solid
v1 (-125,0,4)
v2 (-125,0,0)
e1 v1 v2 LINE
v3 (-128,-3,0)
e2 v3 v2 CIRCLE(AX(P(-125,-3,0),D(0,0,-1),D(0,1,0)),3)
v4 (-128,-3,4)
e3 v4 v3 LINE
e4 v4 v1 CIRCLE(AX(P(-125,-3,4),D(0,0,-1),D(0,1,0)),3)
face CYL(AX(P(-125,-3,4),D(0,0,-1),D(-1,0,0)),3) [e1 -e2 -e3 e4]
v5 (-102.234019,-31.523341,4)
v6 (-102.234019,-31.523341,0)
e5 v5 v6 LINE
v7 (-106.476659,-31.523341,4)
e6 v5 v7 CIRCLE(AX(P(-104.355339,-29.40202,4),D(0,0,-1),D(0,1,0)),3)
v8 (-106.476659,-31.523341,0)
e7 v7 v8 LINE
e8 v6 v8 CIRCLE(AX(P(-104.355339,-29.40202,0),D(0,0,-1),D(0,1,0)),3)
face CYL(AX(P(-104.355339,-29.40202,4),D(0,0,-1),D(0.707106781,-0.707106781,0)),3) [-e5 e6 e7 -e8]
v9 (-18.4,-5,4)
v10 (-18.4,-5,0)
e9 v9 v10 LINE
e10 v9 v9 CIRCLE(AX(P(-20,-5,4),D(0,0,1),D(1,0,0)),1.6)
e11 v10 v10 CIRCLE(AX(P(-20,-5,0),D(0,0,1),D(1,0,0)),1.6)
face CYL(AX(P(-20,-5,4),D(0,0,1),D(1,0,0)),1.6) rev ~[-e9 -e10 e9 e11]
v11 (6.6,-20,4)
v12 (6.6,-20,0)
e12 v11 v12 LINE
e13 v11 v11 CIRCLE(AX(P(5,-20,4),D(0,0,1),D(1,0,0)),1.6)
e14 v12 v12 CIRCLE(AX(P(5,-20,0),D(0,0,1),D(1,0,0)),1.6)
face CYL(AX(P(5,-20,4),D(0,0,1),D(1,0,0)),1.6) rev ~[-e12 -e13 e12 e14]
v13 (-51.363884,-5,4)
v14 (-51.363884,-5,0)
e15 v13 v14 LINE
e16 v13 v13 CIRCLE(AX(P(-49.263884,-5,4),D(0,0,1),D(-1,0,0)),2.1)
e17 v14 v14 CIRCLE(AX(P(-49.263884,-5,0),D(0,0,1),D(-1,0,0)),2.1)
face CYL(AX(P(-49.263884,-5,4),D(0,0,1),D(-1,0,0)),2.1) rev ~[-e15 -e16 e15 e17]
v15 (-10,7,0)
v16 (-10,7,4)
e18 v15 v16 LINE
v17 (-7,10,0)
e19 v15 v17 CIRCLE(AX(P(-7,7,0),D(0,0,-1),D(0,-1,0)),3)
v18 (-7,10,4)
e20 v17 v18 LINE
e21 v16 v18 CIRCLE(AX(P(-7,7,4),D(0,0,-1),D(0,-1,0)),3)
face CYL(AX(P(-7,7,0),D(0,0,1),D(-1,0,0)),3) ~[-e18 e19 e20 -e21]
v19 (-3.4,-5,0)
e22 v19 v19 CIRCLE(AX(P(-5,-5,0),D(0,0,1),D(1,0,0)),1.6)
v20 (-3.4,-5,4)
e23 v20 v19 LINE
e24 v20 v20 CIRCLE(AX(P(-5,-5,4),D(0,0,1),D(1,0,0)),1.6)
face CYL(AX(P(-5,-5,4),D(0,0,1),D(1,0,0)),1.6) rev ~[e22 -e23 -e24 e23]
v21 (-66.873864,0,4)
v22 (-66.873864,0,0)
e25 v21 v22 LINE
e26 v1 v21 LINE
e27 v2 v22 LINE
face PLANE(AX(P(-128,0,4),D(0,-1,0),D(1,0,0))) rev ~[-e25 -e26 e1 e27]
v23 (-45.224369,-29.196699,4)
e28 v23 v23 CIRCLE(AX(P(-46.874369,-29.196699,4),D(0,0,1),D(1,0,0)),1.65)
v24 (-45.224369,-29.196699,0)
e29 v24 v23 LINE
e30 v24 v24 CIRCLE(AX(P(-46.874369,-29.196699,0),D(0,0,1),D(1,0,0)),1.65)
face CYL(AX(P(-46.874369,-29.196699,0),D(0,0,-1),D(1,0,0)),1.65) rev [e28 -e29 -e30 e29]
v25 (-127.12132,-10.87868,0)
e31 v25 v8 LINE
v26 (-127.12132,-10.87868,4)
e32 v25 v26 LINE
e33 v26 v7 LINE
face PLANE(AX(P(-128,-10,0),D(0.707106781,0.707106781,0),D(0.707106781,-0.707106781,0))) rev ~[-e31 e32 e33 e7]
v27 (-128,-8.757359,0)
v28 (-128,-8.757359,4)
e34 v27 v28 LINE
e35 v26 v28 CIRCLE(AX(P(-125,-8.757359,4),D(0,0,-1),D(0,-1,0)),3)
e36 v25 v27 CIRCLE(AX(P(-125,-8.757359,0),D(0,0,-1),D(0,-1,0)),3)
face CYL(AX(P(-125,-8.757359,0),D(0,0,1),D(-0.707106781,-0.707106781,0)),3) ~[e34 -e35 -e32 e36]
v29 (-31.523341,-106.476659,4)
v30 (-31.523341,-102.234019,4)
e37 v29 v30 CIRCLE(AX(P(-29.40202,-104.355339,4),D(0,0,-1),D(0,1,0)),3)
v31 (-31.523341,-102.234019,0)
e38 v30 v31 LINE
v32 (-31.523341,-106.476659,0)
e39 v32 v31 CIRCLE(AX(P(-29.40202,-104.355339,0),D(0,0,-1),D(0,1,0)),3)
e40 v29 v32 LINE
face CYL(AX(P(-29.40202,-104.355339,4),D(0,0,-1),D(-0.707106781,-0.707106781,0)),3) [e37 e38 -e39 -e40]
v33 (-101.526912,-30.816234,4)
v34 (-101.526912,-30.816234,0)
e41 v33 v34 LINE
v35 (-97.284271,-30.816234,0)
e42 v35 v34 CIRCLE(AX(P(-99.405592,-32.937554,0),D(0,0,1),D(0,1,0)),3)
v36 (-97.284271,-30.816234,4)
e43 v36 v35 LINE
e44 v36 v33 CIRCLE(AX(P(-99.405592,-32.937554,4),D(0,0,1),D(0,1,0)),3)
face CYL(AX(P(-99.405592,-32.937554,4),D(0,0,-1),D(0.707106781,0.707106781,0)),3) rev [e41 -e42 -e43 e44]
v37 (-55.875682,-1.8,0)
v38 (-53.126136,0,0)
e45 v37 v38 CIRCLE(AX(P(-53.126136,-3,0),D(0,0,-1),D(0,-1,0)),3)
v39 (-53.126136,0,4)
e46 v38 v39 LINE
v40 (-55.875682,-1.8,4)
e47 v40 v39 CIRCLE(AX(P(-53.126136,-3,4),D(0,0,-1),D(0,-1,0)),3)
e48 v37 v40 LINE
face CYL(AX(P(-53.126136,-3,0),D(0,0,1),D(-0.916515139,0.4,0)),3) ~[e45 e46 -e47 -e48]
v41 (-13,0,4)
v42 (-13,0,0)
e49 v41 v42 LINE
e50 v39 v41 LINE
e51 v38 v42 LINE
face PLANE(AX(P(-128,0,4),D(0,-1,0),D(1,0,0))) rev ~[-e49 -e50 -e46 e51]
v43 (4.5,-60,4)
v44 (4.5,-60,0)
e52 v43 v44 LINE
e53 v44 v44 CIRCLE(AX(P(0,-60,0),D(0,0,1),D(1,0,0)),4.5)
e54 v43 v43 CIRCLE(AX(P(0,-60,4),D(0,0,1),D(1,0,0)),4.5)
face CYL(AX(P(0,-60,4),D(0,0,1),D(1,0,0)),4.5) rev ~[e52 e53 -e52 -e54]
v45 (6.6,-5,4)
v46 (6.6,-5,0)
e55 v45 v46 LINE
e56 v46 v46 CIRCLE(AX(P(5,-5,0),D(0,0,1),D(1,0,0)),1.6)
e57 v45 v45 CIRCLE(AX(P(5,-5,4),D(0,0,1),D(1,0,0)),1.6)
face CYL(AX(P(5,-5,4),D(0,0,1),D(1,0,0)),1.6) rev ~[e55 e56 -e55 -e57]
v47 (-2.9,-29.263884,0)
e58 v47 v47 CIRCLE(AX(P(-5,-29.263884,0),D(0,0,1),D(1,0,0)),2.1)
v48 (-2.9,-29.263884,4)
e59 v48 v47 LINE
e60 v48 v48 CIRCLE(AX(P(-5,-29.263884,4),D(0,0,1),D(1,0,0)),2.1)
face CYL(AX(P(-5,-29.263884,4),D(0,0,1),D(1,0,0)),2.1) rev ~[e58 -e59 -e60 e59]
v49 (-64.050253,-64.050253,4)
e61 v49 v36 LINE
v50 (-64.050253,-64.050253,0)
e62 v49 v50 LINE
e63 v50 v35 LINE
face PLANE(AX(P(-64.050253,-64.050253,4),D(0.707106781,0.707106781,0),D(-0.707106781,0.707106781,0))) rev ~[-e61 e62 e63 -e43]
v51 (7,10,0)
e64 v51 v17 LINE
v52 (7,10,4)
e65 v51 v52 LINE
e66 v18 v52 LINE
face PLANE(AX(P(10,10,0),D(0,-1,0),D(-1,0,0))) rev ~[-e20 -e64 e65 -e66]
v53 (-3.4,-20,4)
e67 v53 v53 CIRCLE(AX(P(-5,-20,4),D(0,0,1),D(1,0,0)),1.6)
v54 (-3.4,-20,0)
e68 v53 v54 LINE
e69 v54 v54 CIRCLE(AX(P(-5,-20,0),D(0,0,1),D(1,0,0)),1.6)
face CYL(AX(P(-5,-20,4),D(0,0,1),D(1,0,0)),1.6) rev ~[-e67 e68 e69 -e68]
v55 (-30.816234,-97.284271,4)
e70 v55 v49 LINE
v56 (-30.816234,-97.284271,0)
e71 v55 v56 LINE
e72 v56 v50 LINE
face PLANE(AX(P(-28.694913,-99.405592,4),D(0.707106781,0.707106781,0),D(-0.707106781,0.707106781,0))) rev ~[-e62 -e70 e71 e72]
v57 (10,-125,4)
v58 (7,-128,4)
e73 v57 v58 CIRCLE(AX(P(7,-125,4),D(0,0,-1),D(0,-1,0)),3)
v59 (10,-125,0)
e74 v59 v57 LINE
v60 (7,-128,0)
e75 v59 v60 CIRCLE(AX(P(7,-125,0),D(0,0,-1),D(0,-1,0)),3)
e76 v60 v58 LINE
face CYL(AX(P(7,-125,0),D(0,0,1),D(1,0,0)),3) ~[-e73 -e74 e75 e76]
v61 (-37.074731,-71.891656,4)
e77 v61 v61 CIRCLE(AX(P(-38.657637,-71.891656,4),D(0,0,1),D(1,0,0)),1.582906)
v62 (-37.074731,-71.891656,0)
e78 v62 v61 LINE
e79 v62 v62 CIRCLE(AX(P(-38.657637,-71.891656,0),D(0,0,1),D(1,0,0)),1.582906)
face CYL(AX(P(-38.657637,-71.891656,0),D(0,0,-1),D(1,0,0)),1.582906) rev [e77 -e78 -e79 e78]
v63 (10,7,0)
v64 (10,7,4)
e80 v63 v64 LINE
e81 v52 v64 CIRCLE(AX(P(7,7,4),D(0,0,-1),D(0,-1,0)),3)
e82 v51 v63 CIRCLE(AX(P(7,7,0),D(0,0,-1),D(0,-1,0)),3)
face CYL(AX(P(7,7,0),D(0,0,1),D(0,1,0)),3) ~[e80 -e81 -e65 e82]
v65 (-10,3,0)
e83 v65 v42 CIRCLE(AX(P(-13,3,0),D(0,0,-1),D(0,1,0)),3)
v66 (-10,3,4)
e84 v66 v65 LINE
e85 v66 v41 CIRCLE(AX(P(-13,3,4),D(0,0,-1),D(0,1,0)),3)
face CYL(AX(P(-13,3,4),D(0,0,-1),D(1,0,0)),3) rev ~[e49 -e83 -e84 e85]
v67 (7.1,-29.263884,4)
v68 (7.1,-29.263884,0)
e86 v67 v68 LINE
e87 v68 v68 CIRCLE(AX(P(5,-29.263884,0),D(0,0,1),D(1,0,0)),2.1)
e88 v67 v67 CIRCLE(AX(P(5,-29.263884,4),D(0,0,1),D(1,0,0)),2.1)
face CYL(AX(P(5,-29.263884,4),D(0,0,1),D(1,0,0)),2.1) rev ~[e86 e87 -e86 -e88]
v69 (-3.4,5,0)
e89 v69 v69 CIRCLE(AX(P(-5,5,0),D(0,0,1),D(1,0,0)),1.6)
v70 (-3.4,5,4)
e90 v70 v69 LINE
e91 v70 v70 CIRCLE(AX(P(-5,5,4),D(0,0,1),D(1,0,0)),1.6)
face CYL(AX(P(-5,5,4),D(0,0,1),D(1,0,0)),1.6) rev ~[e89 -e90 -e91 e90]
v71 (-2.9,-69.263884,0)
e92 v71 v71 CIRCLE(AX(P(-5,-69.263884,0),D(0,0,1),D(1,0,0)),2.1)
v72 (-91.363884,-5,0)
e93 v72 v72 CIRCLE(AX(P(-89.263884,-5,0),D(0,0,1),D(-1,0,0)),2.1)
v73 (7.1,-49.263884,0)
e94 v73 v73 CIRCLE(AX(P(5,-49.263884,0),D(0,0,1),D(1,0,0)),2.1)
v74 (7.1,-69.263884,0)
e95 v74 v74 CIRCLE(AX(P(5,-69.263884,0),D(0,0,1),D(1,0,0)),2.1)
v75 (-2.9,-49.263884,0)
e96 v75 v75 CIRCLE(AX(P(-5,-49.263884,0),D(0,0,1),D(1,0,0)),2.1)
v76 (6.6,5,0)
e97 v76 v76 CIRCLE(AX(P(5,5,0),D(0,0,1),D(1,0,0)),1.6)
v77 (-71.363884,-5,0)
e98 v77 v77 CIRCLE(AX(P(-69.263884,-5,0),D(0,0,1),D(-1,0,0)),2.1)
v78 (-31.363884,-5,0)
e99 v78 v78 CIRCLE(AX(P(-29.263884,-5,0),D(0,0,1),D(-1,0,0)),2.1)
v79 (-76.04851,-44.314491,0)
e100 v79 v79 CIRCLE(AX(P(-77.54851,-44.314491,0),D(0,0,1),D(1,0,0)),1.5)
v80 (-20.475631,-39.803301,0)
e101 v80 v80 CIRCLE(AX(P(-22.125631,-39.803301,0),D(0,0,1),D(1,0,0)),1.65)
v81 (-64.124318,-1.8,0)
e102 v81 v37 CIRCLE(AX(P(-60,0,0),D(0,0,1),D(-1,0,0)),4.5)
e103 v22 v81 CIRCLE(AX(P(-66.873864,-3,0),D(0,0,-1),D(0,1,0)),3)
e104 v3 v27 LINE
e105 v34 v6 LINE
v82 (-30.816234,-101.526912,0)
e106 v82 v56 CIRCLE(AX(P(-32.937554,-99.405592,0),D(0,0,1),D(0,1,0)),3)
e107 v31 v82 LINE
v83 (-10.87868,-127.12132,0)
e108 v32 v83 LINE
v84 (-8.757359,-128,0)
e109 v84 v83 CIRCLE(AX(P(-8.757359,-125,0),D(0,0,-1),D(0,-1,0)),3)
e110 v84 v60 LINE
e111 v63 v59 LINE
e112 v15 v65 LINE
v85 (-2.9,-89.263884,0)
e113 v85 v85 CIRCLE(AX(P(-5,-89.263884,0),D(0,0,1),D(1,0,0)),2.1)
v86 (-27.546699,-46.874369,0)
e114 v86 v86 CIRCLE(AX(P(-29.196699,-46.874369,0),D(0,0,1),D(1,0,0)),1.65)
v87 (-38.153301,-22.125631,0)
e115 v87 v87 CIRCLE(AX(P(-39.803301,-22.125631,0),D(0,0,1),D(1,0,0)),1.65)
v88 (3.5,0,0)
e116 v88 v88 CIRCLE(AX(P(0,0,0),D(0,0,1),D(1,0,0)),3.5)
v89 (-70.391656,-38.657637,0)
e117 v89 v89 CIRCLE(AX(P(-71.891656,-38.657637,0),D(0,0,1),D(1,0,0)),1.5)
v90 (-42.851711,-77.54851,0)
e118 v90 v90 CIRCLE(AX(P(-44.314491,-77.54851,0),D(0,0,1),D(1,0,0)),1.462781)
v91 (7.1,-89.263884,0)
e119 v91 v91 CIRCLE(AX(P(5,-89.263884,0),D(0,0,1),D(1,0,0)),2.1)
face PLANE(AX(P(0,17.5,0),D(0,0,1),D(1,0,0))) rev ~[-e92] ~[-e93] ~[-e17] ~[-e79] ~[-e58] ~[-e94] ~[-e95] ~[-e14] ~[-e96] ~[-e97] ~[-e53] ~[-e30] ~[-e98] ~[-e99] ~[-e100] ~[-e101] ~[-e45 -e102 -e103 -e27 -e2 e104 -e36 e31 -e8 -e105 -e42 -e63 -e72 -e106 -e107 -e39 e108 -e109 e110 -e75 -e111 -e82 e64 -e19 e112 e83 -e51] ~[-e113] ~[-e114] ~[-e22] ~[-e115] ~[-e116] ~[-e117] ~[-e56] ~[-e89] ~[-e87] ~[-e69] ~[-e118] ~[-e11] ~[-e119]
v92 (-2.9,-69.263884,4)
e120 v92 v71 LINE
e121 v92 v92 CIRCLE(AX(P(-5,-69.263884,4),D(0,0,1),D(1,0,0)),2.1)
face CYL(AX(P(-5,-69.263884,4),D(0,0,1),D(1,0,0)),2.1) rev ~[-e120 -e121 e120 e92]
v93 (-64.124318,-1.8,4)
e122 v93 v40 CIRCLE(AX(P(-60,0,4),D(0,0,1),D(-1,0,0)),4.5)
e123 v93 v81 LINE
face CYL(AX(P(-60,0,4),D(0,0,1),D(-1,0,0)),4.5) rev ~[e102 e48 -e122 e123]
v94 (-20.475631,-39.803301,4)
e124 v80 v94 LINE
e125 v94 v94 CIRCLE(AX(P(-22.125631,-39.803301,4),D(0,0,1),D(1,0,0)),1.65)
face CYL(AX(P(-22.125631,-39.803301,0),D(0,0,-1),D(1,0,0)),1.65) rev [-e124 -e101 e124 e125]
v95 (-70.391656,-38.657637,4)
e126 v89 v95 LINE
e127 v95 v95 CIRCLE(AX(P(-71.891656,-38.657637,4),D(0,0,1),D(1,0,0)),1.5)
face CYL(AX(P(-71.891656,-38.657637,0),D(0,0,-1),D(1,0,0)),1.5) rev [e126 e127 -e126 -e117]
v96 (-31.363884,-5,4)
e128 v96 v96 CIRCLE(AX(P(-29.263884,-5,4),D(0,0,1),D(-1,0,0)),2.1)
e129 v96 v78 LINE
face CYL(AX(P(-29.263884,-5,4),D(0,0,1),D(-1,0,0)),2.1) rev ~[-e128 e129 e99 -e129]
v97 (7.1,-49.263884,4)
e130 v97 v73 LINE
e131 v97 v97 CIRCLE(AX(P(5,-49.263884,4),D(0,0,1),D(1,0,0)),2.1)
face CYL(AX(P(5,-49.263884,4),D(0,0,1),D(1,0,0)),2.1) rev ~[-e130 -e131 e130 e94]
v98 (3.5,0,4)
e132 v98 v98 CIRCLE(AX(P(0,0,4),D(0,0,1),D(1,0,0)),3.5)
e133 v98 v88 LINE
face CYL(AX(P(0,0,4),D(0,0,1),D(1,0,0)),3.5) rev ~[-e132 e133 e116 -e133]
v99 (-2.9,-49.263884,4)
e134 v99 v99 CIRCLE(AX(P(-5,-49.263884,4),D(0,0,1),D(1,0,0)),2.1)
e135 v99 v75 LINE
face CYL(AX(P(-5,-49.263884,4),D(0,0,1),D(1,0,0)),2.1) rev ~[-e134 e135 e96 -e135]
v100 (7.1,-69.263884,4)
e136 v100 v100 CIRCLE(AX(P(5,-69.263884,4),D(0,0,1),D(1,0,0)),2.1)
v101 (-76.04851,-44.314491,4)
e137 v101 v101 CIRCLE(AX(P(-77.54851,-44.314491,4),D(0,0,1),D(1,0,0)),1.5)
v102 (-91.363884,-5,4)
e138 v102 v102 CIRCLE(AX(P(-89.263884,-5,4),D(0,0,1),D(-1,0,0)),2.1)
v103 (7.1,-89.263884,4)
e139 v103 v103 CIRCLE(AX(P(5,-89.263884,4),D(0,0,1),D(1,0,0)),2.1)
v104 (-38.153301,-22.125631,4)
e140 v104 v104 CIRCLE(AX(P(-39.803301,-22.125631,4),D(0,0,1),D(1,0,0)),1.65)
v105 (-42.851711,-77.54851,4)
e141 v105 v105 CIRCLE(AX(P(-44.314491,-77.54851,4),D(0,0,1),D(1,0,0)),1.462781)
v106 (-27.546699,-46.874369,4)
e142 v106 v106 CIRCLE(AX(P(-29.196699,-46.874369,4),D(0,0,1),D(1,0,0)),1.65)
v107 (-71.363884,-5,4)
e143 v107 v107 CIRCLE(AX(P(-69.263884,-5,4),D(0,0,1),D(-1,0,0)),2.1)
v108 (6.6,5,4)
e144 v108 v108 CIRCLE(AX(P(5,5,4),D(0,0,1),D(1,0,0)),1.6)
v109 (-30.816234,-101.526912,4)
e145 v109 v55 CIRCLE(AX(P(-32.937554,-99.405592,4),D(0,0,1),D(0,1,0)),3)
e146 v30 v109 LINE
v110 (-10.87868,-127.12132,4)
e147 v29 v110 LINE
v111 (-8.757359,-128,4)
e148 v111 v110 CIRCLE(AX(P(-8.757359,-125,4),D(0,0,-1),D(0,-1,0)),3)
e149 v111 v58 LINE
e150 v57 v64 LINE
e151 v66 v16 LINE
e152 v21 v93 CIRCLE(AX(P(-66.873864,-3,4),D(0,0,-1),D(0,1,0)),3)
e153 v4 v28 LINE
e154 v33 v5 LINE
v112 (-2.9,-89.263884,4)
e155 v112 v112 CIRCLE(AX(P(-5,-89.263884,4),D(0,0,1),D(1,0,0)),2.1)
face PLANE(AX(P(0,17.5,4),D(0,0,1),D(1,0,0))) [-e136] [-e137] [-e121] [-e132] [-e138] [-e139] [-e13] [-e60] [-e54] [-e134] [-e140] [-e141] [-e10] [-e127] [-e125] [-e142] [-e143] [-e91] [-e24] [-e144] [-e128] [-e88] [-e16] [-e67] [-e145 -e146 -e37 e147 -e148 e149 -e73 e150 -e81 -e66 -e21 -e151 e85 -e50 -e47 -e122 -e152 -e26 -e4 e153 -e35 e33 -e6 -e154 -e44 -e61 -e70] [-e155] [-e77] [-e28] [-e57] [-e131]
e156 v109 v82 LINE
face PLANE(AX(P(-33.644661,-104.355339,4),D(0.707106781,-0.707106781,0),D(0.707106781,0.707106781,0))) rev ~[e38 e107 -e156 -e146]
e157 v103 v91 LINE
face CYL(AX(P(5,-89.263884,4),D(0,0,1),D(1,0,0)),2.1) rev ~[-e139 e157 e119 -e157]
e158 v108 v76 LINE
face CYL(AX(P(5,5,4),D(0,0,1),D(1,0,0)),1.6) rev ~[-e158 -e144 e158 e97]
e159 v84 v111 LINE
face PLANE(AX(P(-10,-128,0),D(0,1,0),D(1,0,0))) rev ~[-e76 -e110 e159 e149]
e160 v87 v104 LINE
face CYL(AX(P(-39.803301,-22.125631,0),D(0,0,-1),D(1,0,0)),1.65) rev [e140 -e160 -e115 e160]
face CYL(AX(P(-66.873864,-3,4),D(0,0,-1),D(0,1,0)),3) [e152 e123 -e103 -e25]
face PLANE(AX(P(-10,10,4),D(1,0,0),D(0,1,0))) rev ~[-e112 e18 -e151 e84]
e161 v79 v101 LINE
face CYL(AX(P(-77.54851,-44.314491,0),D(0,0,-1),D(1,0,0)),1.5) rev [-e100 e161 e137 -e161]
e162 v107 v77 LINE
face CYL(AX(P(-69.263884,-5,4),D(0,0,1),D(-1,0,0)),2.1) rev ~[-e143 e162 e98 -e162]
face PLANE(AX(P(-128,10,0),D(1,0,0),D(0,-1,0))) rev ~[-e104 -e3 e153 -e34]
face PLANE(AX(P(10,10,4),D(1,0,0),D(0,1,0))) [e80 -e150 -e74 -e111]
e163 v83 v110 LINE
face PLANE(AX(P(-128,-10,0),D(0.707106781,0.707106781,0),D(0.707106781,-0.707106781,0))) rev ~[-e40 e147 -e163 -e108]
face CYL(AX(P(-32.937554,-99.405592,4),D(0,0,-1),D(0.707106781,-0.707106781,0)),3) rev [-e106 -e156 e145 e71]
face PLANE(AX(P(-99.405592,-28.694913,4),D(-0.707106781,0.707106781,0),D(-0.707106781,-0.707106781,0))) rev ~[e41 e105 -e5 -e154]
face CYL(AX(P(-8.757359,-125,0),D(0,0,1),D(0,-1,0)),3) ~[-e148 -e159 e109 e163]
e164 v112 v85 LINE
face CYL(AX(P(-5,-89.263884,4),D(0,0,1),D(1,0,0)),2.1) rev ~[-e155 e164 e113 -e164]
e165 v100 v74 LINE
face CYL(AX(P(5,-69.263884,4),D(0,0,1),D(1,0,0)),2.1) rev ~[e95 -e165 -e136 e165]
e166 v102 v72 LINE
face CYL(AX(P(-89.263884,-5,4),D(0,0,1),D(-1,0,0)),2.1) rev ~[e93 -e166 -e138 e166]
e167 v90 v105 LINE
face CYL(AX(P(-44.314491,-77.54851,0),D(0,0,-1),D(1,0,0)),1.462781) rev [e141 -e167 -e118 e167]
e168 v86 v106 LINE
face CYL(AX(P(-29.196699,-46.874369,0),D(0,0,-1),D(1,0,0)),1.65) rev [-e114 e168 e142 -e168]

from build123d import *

# Parameters (mm, degrees)
SKETCH_1_R          = 1.462780711
SKETCH_1_R_2        = 1.582906388
SKETCH_1_R_3        = 1.5
SKETCH_1_R_4        = 1.65
EXTRUDE_1_DEPTH     = 4
SKETCH_3_R          = 3.5
SKETCH_3_R_2        = 1.6
CUT_EXTRUDE_1_DEPTH = 4
SKETCH_4_R          = 4.5
SKETCH_4_R_2        = 2.1
CUT_EXTRUDE_2_DEPTH = 4
CUT_EXTRUDE_7_DEPTH = 4
SKETCH_12_W         = 118
SKETCH_12_H         = 10
CUT_EXTRUDE_8_DEPTH = 4
SKETCH_13_W         = 20
SKETCH_13_H         = 15
SKETCH_13_R         = 1.6
EXTRUDE_4_DEPTH     = 4
FILLET_4_R          = 3
SKETCH_14_W         = 20
SKETCH_14_H         = 30
CUT_EXTRUDE_9_DEPTH = 182.063524764
FILLET_5_R          = 3


with BuildPart() as part:
    # 草图1 → 凸台-拉伸1 (new body)
    with BuildSketch(Plane.XY):
        Polygon((-128, 10), (-128, -10), (-10, -128), (10, -128), (10, 10), align=None)
        with Locations((-44.314491387, -77.548510103)):
            Circle(SKETCH_1_R, mode=Mode.SUBTRACT)
        with Locations((-38.657637138, -71.891655854)):
            Circle(SKETCH_1_R_2, mode=Mode.SUBTRACT)
        with Locations((-77.548510103, -44.314491387)):
            Circle(SKETCH_1_R_3, mode=Mode.SUBTRACT)
        with Locations((-71.891655854, -38.657637138)):
            Circle(SKETCH_1_R_3, mode=Mode.SUBTRACT)
        with Locations((-29.196699141, -46.874368671)):
            Circle(SKETCH_1_R_4, mode=Mode.SUBTRACT)
        with Locations((-46.874368671, -29.196699141)):
            Circle(SKETCH_1_R_4, mode=Mode.SUBTRACT)
        with Locations((-22.125631329, -39.803300859)):
            Circle(SKETCH_1_R_4, mode=Mode.SUBTRACT)
        with Locations((-39.803300859, -22.125631329)):
            Circle(SKETCH_1_R_4, mode=Mode.SUBTRACT)
    extrude(amount=EXTRUDE_1_DEPTH)

    # 草图3 → 切除-拉伸1 (cut)
    with BuildSketch(Plane.XY.offset(4)):
        Circle(SKETCH_3_R)
        with Locations((5, 5)):
            Circle(SKETCH_3_R_2)
        with Locations((-5, 5)):
            Circle(SKETCH_3_R_2)
        with Locations((-5, -5)):
            Circle(SKETCH_3_R_2)
        with Locations((5, -5)):
            Circle(SKETCH_3_R_2)
        with Locations((-20, -5)):
            Circle(SKETCH_3_R_2)
        with Locations((-5, -20)):
            Circle(SKETCH_3_R_2)
        with Locations((5, -20)):
            Circle(SKETCH_3_R_2)
        with Locations((5, 20)):
            Circle(SKETCH_3_R_2)
        with Locations((-5, 20)):
            Circle(SKETCH_3_R_2)
        with Locations((20, -5)):
            Circle(SKETCH_3_R_2)
        with Locations((20, 5)):
            Circle(SKETCH_3_R_2)
        with Locations((-20, 5)):
            Circle(SKETCH_3_R_2)
    extrude(amount=-CUT_EXTRUDE_1_DEPTH, mode=Mode.SUBTRACT)

    # 草图4 → 切除-拉伸2 (cut)
    with BuildSketch(Plane.XY.offset(4)):
        with Locations((0, -60)):
            Circle(SKETCH_4_R)
        with Locations((-5, -29.263884189)):
            Circle(SKETCH_4_R_2)
        with Locations((5, -29.263884189)):
            Circle(SKETCH_4_R_2)
        with Locations((5, -49.263884189)):
            Circle(SKETCH_4_R_2)
        with Locations((5, -69.263884189)):
            Circle(SKETCH_4_R_2)
        with Locations((5, -89.263884189)):
            Circle(SKETCH_4_R_2)
        with Locations((-5, -49.263884189)):
            Circle(SKETCH_4_R_2)
        with Locations((-5, -69.263884189)):
            Circle(SKETCH_4_R_2)
        with Locations((-5, -89.263884189)):
            Circle(SKETCH_4_R_2)
        with Locations(Location((-89.263884189, -5, 0), (0, 0, 180))):
            Circle(SKETCH_4_R_2)
        with Locations(Location((-69.263884189, -5, 0), (0, 0, 180))):
            Circle(SKETCH_4_R_2)
        with Locations(Location((-49.263884189, -5, 0), (0, 0, 180))):
            Circle(SKETCH_4_R_2)
        with Locations(Location((-89.263884189, 5, 0), (0, 0, 180))):
            Circle(SKETCH_4_R_2)
        with Locations(Location((-69.263884189, 5, 0), (0, 0, 180))):
            Circle(SKETCH_4_R_2)
        with Locations(Location((-49.263884189, 5, 0), (0, 0, 180))):
            Circle(SKETCH_4_R_2)
        with Locations(Location((-29.263884189, 5, 0), (0, 0, 180))):
            Circle(SKETCH_4_R_2)
        with Locations(Location((-29.263884189, -5, 0), (0, 0, 180))):
            Circle(SKETCH_4_R_2)
        with Locations(Location((-60, 0, 0), (0, 0, 180))):
            Circle(SKETCH_4_R)
    extrude(amount=-CUT_EXTRUDE_2_DEPTH, mode=Mode.SUBTRACT)

    # 草图11 → 切除-拉伸7 (cut)
    with BuildSketch(Plane.XY.offset(4)):
        Polygon((-69, -69), (-64.050252532, -64.050252532), (-99.405591591, -28.694913472), (-104.355339059, -33.644660941), align=None)
        Polygon((-28.694913472, -99.405591591), (-64.050252532, -64.050252532), (-69, -69), (-33.644660941, -104.355339059), align=None)
    extrude(amount=-CUT_EXTRUDE_7_DEPTH, mode=Mode.SUBTRACT)

    # 草图12 → 切除-拉伸8 (cut)
    with BuildSketch(Plane.XY.offset(4)):
        with Locations((-69, 5)):
            Rectangle(SKETCH_12_W, SKETCH_12_H)
    extrude(amount=-CUT_EXTRUDE_8_DEPTH, mode=Mode.SUBTRACT)

    # 草图13 → 凸台-拉伸4 (add)
    with BuildSketch(Plane.XY.offset(4)):
        with Locations((0, 17.5)):
            Rectangle(SKETCH_13_W, SKETCH_13_H)
        with Locations((-5, 20)):
            Circle(SKETCH_13_R, mode=Mode.SUBTRACT)
        with Locations((5, 20)):
            Circle(SKETCH_13_R, mode=Mode.SUBTRACT)
    extrude(amount=-EXTRUDE_4_DEPTH)

    # 圆角4
    fillet_4_edges = [part.edges().sort_by_distance(p)[0] for p in [
        (-99.405591591, -28.694913472, 2),
        (-28.694913472, -99.405591591, 2),
        (-33.644660941, -104.355339059, 2),
        (-104.355339059, -33.644660941, 2),
        (-64.5, 0, 2),
        (-55.5, 0, 2),
        (-10, 0, 2),
        (-128, 0, 2),
        (10, -128, 2),
        (-10, -128, 2),
        (-128, -10, 2),
        (10, 25, 2),
        (-10, 25, 2),
    ]]
    fillet(fillet_4_edges, radius=FILLET_4_R)

    # 草图14 → 切除-拉伸9 (cut, through all)
    with BuildSketch(Plane(origin=(0, 0, 0), x_dir=(-1, 0, 0), z_dir=(0, 0, -1))):
        with Locations((0, 25)):
            Rectangle(SKETCH_14_W, SKETCH_14_H)
    extrude(amount=-CUT_EXTRUDE_9_DEPTH, mode=Mode.SUBTRACT)

    # 圆角5
    fillet_5_edges = [part.edges().sort_by_distance(p)[0] for p in [
        (-10, 10, 2),
        (10, 10, 2),
    ]]
    fillet(fillet_5_edges, radius=FILLET_5_R)


solid = part.part
